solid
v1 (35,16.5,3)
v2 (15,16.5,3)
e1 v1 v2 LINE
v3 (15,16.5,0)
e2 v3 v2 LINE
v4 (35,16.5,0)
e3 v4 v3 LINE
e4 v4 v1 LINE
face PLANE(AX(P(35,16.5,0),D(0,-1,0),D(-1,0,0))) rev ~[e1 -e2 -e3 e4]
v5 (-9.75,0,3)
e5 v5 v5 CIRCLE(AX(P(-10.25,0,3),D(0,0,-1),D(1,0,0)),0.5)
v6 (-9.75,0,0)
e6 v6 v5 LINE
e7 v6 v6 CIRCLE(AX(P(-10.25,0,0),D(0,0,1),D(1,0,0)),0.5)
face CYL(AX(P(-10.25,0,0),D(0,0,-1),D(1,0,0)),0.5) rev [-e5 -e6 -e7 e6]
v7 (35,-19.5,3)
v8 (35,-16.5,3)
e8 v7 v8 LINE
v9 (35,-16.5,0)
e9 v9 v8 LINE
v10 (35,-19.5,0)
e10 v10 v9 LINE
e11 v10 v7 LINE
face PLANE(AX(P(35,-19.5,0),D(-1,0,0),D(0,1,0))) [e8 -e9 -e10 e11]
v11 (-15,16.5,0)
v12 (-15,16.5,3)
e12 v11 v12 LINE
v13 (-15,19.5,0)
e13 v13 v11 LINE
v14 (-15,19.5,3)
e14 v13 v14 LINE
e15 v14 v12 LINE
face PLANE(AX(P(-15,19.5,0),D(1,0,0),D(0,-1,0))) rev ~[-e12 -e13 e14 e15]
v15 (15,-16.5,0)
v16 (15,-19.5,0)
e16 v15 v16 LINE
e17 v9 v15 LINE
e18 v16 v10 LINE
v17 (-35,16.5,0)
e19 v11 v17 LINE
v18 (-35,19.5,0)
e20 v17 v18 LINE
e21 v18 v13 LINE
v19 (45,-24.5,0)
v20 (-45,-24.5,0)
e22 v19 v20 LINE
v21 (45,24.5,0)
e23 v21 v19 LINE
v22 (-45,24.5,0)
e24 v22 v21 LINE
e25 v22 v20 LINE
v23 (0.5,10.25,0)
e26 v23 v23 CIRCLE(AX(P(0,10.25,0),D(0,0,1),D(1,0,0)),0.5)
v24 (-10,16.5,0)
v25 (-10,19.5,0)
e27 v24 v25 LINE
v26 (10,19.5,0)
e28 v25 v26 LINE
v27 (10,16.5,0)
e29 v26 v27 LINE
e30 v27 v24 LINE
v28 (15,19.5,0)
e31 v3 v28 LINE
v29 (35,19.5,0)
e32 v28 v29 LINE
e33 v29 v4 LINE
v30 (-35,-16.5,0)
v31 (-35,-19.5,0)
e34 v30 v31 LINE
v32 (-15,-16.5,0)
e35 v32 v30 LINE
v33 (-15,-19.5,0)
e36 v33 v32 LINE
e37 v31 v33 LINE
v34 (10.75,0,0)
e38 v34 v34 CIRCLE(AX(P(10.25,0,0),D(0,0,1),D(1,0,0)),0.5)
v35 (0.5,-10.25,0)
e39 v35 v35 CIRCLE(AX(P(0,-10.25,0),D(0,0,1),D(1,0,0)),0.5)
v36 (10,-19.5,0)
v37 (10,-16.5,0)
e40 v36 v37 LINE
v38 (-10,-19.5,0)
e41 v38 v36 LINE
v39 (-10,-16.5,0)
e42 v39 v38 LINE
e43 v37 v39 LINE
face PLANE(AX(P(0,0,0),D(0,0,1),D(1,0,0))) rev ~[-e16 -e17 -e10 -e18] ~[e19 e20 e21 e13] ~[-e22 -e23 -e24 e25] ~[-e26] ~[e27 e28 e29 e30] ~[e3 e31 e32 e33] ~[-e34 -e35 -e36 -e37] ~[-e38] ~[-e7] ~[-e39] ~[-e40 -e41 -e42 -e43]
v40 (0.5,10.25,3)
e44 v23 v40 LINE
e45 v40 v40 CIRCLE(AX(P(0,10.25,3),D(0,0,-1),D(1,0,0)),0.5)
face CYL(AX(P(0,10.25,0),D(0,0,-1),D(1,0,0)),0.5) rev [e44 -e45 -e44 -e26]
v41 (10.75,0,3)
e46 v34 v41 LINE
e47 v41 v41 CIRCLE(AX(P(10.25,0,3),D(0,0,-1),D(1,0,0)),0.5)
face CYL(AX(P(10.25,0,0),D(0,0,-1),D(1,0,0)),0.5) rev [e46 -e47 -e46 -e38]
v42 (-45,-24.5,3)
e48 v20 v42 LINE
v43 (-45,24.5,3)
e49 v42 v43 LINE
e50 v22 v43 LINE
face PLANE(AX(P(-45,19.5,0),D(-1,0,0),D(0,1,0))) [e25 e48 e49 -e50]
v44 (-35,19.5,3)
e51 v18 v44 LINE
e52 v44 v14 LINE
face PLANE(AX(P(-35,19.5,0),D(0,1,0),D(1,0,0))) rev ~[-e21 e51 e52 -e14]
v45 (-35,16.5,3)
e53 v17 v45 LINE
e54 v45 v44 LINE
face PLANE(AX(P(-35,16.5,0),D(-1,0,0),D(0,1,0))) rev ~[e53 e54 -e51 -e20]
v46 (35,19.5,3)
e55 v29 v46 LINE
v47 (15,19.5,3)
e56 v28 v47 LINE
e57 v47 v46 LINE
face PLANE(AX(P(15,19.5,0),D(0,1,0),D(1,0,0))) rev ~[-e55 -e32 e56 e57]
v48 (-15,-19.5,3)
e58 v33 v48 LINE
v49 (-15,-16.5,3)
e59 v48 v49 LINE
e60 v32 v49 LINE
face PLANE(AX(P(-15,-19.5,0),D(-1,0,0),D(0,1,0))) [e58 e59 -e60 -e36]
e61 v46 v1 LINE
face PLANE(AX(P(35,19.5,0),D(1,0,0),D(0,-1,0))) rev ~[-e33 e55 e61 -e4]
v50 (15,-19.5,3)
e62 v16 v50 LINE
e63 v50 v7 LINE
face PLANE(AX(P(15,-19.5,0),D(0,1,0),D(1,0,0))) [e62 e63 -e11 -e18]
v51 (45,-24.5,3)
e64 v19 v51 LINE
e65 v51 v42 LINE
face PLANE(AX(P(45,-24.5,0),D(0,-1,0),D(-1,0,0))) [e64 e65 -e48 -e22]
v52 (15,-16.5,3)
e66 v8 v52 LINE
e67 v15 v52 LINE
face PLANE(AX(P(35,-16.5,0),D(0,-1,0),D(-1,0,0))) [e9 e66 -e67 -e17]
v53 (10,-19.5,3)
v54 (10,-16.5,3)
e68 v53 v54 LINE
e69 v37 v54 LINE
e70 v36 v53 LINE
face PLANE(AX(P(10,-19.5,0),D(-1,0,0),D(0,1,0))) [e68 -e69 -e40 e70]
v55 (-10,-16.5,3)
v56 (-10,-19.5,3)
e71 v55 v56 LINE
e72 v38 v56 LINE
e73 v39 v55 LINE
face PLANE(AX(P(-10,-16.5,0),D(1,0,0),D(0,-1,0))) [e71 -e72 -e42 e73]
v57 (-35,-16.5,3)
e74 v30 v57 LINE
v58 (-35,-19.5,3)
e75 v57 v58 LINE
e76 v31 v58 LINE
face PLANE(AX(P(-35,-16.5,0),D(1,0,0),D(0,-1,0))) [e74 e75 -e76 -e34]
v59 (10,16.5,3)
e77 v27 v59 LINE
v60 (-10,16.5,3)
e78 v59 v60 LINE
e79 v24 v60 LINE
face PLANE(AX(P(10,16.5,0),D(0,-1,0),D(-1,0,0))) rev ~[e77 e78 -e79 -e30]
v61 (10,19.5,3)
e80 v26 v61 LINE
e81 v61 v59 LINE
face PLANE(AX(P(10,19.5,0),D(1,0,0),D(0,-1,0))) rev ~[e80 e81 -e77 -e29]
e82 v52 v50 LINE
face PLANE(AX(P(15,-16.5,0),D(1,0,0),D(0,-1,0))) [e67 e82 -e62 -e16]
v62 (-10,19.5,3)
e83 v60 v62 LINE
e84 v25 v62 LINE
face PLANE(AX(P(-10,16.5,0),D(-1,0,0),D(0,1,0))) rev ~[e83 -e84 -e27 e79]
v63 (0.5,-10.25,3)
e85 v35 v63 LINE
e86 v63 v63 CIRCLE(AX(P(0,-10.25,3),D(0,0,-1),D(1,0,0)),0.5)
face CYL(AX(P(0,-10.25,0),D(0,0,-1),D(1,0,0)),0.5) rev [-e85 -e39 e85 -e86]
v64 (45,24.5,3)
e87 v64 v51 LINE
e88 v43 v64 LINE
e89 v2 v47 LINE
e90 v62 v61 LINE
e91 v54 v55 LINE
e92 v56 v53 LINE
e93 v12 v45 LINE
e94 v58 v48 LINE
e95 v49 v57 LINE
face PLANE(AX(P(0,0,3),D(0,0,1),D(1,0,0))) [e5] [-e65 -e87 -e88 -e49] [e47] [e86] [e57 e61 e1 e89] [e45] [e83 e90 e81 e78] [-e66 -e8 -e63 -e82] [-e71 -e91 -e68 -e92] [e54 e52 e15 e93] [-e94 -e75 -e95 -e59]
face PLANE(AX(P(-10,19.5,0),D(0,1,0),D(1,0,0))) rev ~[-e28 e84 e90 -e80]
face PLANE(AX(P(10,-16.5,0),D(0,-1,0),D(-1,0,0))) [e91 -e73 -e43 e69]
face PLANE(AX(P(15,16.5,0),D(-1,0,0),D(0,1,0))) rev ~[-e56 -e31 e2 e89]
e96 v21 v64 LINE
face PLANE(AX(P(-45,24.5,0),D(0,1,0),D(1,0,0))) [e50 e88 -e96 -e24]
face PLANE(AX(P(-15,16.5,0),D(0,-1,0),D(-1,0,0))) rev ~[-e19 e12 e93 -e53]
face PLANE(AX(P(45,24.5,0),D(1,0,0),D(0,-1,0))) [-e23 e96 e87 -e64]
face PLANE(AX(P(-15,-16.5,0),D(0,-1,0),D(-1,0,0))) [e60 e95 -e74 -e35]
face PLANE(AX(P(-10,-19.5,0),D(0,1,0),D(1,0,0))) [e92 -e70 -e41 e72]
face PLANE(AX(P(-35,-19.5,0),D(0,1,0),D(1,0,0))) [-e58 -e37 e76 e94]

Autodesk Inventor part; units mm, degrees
ref_plane "YZ Plane" through (0, 0, 0) normal (1, 0, 0) x (0, 1, 0)
ref_plane "XZ Plane" through (0, 0, 0) normal (0, 1, 0) x (-1, 0, 0)
ref_plane "XY Plane" through (0, 0, 0) normal (0, 0, 1) x (1, 0, 0)
sketch "Sketch1" plane through (0, 0, 0) normal (0, 0, 1) x (1, 0, 0)
  line L0 (-45, 24.5) -> (45, 24.5)
  line L1 (45, 24.5) -> (45, -24.5)
  line L2 (45, -24.5) -> (-45, -24.5)
  line L3 (-45, -24.5) -> (-45, 24.5)
  line L4 (-45, 24.5) -> (-45, 19.5)
  line L5 (-35, 19.5) -> (-15, 19.5)
  line L6 (-15, 19.5) -> (-15, 16.5)
  line L7 (-15, 16.5) -> (-35, 16.5)
  line L8 (-35, 16.5) -> (-35, 19.5)
  line L9 (-10, 19.5) -> (10, 19.5)
  line L10 (10, 19.5) -> (10, 16.5)
  line L11 (10, 16.5) -> (-10, 16.5)
  line L12 (-10, 16.5) -> (-10, 19.5)
  line L13 (10, 16.5) -> (10, 19.5)
  line L14 (-45, 0) -> (-35, 0) construction
  line L15 (-35, -19.5) -> (-15, -19.5)
  line L16 (-15, -19.5) -> (-15, -16.5)
  line L17 (-15, -16.5) -> (-35, -16.5)
  line L18 (-35, -16.5) -> (-35, -19.5)
  line L19 (-10, -19.5) -> (10, -19.5)
  line L20 (10, -19.5) -> (10, -16.5)
  line L21 (10, -16.5) -> (-10, -16.5)
  line L22 (-10, -16.5) -> (-10, -19.5)
  line L23 (10, -16.5) -> (10, -19.5)
  line L24 (15, 19.5) -> (35, 19.5)
  line L25 (35, 19.5) -> (35, 16.5)
  line L26 (35, 16.5) -> (15, 16.5)
  line L27 (15, 16.5) -> (15, 19.5)
  line L28 (15, -19.5) -> (35, -19.5)
  line L29 (35, -19.5) -> (35, -16.5)
  line L30 (35, -16.5) -> (15, -16.5)
  line L31 (15, -16.5) -> (15, -19.5)
  circle A0 centre (0, 0) radius 10.25
  circle A1 centre (-10.25, 0) radius 0.5
  circle A2 centre (10.25, 0) radius 0.5
  circle A3 centre (0, 10.25) radius 0.5
  circle A4 centre (0, -10.25) radius 0.5
  dimension "d3" = 49
  dimension "d6" = 5
  dimension "d7" = 10
  dimension "d8" = 20
  dimension "d11" = 20
  dimension "d14" = 5
  dimension "d17" = 24.5
  dimension "d19" = 20
  dimension "d20" = 5
  dimension "d23" = 20.5
  dimension "d24" = 1
  dimension "d25" = 1
  dimension "d26" = 1
  dimension "d27" = 1
extrude "Extrusion1" add sketch "Sketch1" along normal blind 3 contours L0 L1 L2 L3 | A2 A0 A4 A1 A3
